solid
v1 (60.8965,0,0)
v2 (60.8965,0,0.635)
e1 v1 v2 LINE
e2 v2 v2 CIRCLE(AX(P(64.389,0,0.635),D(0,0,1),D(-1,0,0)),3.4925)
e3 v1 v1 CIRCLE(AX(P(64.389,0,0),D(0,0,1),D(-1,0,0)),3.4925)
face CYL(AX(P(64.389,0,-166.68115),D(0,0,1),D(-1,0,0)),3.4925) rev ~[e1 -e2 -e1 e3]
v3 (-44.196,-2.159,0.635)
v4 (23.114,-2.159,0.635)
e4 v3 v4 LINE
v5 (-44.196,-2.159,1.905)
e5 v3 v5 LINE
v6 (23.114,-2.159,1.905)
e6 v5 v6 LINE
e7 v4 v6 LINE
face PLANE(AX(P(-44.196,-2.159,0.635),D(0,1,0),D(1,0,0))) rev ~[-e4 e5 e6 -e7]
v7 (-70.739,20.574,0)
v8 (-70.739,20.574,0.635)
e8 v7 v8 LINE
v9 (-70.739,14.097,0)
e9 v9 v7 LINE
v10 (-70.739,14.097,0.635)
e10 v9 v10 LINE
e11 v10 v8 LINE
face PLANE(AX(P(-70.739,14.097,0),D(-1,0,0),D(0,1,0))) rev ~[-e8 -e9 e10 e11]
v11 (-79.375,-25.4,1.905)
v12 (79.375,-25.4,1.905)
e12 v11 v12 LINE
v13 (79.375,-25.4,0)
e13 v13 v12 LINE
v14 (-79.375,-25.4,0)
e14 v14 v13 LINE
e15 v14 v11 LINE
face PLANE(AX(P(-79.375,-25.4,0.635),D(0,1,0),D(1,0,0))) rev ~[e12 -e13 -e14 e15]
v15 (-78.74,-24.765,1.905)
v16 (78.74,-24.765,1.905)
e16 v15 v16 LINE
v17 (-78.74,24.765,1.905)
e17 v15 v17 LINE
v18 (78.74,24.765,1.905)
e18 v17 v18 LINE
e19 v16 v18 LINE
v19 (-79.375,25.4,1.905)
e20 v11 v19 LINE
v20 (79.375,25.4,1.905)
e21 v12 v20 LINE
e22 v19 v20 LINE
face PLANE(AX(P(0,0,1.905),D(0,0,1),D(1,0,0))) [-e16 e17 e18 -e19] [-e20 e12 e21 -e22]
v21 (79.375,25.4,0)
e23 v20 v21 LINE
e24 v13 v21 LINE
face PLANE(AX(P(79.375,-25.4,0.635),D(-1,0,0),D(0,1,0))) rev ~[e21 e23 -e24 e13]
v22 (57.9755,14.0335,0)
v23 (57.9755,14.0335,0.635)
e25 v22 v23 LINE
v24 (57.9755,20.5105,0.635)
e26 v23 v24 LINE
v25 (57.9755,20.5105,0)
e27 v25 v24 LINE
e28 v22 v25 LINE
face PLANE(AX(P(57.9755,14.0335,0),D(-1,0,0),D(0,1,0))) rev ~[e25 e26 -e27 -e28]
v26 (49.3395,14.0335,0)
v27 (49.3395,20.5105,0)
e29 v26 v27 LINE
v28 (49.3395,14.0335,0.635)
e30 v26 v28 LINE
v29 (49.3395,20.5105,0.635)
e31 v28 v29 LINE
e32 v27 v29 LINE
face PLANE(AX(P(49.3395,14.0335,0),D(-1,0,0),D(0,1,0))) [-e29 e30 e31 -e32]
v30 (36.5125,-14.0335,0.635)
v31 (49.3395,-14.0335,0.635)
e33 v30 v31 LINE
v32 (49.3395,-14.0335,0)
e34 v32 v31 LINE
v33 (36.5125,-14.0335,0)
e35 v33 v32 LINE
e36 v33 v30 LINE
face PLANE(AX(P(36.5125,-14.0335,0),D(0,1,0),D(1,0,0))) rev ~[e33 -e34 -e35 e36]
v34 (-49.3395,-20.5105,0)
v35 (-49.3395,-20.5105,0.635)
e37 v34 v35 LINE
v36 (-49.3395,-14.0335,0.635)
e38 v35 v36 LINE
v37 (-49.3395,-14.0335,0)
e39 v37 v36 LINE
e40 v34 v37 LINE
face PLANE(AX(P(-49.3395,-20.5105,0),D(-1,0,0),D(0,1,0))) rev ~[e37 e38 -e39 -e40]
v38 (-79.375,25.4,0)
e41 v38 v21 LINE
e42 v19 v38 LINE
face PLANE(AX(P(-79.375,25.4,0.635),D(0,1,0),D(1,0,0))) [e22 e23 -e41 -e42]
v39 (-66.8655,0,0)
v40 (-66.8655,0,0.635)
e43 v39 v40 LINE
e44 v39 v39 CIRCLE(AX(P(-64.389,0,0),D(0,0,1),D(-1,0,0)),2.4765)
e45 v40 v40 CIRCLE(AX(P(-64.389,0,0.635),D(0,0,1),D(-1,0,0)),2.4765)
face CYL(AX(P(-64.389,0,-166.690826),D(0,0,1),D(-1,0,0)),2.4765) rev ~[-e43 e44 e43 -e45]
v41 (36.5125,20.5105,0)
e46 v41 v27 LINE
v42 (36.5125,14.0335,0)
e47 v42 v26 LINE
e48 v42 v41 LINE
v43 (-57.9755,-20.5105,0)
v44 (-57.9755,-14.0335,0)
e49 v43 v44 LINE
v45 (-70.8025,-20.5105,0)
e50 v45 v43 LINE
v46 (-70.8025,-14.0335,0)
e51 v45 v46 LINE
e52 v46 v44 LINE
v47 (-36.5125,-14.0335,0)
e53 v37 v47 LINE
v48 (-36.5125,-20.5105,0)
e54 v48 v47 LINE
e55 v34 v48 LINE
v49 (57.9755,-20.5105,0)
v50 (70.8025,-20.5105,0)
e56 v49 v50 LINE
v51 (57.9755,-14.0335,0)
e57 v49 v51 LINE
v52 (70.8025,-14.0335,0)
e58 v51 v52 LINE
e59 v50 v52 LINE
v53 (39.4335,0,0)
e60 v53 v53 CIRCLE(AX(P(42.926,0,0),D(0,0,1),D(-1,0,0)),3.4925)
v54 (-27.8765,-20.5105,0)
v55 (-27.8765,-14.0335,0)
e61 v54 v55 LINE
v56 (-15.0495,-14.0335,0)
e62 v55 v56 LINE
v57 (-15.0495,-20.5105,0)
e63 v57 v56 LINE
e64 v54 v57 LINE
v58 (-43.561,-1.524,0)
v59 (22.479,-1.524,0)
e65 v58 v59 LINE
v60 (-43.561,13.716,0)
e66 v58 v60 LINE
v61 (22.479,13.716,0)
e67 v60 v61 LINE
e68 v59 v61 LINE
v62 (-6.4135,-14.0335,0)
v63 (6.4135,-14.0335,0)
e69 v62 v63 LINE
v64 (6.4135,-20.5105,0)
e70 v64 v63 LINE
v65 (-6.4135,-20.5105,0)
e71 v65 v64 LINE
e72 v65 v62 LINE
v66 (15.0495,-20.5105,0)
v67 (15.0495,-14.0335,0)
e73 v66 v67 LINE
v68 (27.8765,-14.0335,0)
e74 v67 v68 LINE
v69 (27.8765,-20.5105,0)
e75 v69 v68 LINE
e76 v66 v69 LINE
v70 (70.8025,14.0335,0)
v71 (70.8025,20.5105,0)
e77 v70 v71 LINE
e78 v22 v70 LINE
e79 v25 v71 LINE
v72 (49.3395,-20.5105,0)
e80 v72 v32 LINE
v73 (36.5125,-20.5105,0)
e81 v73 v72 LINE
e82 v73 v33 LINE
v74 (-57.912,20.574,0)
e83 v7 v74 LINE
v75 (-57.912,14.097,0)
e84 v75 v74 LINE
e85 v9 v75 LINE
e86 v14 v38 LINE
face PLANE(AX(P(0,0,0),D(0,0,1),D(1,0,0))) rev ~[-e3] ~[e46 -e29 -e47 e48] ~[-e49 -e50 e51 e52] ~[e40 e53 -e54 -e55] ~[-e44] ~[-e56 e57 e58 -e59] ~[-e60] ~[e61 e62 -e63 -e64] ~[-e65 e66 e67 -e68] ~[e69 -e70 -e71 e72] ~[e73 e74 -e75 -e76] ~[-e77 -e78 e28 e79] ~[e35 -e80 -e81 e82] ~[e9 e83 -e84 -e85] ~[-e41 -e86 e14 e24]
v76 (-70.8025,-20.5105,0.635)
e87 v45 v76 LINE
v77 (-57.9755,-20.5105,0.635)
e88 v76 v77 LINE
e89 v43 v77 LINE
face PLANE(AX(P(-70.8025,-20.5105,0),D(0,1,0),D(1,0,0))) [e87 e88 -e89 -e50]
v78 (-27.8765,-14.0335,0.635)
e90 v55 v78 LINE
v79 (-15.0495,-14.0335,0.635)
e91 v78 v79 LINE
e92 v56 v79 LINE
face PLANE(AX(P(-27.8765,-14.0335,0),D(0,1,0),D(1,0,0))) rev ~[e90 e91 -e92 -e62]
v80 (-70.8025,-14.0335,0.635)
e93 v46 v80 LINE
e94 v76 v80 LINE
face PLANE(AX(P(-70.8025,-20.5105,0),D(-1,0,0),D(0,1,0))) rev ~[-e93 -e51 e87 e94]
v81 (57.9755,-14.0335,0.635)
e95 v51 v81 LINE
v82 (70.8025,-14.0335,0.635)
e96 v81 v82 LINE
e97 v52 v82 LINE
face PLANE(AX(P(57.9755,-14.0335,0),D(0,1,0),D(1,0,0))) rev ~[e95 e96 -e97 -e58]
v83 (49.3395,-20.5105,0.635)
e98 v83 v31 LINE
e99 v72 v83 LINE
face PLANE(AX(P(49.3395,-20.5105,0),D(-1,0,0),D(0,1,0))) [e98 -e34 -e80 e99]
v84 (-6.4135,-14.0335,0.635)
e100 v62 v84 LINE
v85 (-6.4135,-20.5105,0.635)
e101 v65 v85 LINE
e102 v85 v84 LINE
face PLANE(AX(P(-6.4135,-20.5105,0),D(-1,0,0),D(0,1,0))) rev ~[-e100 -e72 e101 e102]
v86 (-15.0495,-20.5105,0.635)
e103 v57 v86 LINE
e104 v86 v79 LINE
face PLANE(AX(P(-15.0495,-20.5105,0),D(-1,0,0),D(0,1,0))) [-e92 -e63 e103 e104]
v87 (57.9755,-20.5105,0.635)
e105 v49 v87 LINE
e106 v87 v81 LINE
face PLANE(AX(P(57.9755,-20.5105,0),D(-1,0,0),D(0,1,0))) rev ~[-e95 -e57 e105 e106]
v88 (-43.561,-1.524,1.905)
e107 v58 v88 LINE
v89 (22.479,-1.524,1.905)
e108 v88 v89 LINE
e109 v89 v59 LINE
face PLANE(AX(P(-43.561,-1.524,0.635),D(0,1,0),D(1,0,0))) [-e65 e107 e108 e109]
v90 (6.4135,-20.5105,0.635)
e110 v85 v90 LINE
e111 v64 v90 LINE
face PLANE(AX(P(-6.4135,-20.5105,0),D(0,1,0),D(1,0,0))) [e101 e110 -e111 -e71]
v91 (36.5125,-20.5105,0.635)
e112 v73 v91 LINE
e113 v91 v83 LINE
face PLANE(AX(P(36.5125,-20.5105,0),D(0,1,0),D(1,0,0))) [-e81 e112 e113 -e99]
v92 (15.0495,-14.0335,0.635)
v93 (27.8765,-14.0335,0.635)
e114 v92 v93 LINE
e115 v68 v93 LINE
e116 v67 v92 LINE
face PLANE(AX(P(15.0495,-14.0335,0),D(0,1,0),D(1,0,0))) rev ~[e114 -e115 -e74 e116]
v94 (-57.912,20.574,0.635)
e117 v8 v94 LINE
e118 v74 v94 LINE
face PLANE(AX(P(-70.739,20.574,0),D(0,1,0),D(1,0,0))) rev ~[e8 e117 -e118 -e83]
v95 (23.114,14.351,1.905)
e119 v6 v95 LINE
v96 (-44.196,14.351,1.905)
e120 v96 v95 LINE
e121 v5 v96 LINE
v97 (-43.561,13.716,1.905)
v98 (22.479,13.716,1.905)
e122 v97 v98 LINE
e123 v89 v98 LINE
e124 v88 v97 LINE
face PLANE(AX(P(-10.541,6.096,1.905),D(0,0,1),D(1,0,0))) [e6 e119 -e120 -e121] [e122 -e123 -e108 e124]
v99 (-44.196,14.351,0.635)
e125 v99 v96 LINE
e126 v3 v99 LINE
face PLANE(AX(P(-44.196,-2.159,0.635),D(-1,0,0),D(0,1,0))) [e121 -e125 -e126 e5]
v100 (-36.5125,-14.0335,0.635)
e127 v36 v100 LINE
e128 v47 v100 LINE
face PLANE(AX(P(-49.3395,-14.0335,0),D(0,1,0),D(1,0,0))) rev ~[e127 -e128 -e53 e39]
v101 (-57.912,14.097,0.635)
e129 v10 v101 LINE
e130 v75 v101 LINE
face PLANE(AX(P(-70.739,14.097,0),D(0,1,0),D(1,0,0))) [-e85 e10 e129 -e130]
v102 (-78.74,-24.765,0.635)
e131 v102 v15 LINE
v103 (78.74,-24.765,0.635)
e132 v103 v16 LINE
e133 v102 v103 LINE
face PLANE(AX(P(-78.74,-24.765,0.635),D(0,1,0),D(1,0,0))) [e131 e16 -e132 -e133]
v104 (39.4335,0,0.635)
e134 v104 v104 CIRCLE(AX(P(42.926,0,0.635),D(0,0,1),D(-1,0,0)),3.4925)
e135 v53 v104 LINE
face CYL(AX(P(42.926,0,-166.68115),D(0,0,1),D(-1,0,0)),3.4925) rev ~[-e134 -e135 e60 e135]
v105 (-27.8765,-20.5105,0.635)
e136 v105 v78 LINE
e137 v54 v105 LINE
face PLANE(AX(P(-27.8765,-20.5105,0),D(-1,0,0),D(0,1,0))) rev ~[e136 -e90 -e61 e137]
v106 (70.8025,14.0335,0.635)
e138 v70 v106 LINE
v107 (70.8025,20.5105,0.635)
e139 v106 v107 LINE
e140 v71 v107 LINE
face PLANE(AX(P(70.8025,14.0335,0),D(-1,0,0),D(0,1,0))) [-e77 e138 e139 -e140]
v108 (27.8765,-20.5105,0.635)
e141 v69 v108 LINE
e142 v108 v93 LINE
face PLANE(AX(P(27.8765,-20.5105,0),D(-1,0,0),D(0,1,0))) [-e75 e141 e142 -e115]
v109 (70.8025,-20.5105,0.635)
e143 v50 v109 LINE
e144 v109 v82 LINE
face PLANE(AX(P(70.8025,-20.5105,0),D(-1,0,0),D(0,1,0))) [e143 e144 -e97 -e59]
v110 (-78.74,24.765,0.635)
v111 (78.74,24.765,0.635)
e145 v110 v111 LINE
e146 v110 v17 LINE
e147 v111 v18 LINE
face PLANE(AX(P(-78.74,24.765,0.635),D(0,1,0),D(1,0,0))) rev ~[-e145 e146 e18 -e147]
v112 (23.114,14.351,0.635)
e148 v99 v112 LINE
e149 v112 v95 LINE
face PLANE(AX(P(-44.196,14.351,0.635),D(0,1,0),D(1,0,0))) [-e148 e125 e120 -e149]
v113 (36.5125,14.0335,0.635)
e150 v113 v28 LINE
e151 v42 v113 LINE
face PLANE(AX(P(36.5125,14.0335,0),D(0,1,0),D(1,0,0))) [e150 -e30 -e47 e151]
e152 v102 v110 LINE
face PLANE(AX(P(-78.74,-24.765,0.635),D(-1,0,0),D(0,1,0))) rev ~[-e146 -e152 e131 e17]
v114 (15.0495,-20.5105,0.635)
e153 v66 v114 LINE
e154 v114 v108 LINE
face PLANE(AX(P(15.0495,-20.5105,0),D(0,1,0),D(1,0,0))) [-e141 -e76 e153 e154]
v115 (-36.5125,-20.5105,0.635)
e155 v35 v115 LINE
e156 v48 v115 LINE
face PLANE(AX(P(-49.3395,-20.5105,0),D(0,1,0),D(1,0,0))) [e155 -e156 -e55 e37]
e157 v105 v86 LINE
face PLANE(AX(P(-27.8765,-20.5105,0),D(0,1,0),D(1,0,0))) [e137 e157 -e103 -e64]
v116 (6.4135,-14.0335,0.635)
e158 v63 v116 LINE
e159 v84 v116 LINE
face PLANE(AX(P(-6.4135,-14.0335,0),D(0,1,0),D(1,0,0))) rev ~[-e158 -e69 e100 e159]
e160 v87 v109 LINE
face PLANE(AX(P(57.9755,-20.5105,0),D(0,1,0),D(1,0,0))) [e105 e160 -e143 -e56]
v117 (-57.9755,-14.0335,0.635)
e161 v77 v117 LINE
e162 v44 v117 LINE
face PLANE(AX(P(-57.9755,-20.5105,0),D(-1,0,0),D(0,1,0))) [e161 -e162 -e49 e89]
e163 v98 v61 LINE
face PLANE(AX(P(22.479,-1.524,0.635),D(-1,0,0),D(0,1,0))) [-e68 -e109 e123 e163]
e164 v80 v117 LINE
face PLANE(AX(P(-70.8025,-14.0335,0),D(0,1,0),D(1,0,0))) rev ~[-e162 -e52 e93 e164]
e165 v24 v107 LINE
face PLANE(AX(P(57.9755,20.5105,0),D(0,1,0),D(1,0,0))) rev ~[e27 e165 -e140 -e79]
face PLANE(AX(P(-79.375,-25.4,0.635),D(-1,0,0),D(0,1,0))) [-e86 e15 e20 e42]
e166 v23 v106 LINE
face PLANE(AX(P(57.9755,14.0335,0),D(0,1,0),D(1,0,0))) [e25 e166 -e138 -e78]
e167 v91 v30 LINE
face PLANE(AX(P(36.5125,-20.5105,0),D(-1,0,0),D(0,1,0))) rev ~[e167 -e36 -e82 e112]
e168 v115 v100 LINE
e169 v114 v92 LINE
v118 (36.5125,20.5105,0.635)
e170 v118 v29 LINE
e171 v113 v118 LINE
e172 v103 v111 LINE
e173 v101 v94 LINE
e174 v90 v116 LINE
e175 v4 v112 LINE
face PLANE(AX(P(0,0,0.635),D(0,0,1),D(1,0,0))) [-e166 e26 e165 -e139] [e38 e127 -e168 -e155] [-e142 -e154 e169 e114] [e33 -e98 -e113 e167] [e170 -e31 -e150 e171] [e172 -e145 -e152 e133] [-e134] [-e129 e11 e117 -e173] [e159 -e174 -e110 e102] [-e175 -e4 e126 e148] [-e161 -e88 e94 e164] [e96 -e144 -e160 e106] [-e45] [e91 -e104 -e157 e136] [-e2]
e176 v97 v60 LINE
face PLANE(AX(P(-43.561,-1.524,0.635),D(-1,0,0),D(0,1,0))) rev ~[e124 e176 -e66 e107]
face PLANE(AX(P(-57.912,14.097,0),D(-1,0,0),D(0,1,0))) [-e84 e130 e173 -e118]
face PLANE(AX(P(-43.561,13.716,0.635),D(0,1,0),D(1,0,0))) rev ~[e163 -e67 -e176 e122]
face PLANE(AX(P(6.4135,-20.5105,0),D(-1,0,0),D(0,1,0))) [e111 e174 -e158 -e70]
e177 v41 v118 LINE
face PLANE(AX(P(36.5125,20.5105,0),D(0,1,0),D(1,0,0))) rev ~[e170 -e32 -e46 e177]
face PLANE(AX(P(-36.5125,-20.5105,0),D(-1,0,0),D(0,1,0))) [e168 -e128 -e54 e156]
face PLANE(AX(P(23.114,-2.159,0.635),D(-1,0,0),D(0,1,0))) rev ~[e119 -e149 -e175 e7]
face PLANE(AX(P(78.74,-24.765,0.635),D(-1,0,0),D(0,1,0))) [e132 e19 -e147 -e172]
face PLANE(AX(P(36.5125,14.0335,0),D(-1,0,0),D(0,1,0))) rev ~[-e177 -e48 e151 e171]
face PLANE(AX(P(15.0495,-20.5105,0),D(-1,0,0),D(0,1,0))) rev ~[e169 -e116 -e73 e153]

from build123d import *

# Parameters (mm, degrees)
F0_W     = 158.75
F0_H     = 50.8
F0_W_2   = 12.827
F0_H_2   = 6.477
F0_W_3   = 66.04
F0_H_3   = 15.24
F1_DEPTH = 0.635
F2_D     = 6.985
F3_D     = 6.985
F5_W     = 158.75
F5_H     = 50.8
F5_W_2   = 157.48
F5_H_2   = 49.53
F6_DEPTH = 1.27
F7_W     = 67.31
F7_H     = 16.51
F7_W_2   = 66.04
F7_H_2   = 15.24
F8_DEPTH = 1.27
F9_D     = 4.953


with BuildPart() as f1:
    # F0 (on Top) → F1 (new body)
    with BuildSketch(Plane.XY):
        Rectangle(F0_W, F0_H)
        with Locations((-64.389, -17.272)):
            Rectangle(F0_W_2, F0_H_2, mode=Mode.SUBTRACT)
        with Locations((-42.926, -17.272)):
            Rectangle(F0_W_2, F0_H_2, mode=Mode.SUBTRACT)
        with Locations((-21.463, -17.272)):
            Rectangle(F0_W_2, F0_H_2, mode=Mode.SUBTRACT)
        with Locations((0, -17.272)):
            Rectangle(F0_W_2, F0_H_2, mode=Mode.SUBTRACT)
        with Locations((21.463, -17.272)):
            Rectangle(F0_W_2, F0_H_2, mode=Mode.SUBTRACT)
        with Locations((42.926, -17.272)):
            Rectangle(F0_W_2, F0_H_2, mode=Mode.SUBTRACT)
        with Locations((64.389, -17.272)):
            Rectangle(F0_W_2, F0_H_2, mode=Mode.SUBTRACT)
        with Locations((-10.541, 6.096)):
            Rectangle(F0_W_3, F0_H_3, mode=Mode.SUBTRACT)
        with Locations((-64.3255, 17.3355)):
            Rectangle(F0_W_2, F0_H_2, mode=Mode.SUBTRACT)
        with Locations((42.926, 17.272)):
            Rectangle(F0_W_2, F0_H_2, mode=Mode.SUBTRACT)
        with Locations((64.389, 17.272)):
            Rectangle(F0_W_2, F0_H_2, mode=Mode.SUBTRACT)
    extrude(amount=F1_DEPTH)

    # F2 (through all)
    with Locations(Plane(origin=(0, 0, 0), x_dir=(1, 0, 0), z_dir=(0, 0, -1))):
        with Locations((42.926, 0)):
            Hole(F2_D / 2)

    # F3 (through all)
    with Locations(Plane(origin=(0, 0, 0), x_dir=(1, 0, 0), z_dir=(0, 0, -1))):
        with Locations((64.389, 0)):
            Hole(F3_D / 2)

    # F5 (on offset) → F6 (join)
    with BuildSketch(Plane.XY.offset(0.635)):
        Rectangle(F5_W, F5_H)
        Rectangle(F5_W_2, F5_H_2, mode=Mode.SUBTRACT)
    extrude(amount=F6_DEPTH)

    # F7 (on offset) → F8 (join)
    with BuildSketch(Plane.XY.offset(0.635)):
        with Locations((-10.541, 6.096)):
            Rectangle(F7_W, F7_H)
        with Locations((-10.541, 6.096)):
            Rectangle(F7_W_2, F7_H_2, mode=Mode.SUBTRACT)
    extrude(amount=F8_DEPTH)

    # F9 (through all)
    with Locations(Plane(origin=(0, 0, 0), x_dir=(1, 0, 0), z_dir=(0, 0, -1))):
        with Locations((-64.389, 0)):
            Hole(F9_D / 2)


solid = f1.part
